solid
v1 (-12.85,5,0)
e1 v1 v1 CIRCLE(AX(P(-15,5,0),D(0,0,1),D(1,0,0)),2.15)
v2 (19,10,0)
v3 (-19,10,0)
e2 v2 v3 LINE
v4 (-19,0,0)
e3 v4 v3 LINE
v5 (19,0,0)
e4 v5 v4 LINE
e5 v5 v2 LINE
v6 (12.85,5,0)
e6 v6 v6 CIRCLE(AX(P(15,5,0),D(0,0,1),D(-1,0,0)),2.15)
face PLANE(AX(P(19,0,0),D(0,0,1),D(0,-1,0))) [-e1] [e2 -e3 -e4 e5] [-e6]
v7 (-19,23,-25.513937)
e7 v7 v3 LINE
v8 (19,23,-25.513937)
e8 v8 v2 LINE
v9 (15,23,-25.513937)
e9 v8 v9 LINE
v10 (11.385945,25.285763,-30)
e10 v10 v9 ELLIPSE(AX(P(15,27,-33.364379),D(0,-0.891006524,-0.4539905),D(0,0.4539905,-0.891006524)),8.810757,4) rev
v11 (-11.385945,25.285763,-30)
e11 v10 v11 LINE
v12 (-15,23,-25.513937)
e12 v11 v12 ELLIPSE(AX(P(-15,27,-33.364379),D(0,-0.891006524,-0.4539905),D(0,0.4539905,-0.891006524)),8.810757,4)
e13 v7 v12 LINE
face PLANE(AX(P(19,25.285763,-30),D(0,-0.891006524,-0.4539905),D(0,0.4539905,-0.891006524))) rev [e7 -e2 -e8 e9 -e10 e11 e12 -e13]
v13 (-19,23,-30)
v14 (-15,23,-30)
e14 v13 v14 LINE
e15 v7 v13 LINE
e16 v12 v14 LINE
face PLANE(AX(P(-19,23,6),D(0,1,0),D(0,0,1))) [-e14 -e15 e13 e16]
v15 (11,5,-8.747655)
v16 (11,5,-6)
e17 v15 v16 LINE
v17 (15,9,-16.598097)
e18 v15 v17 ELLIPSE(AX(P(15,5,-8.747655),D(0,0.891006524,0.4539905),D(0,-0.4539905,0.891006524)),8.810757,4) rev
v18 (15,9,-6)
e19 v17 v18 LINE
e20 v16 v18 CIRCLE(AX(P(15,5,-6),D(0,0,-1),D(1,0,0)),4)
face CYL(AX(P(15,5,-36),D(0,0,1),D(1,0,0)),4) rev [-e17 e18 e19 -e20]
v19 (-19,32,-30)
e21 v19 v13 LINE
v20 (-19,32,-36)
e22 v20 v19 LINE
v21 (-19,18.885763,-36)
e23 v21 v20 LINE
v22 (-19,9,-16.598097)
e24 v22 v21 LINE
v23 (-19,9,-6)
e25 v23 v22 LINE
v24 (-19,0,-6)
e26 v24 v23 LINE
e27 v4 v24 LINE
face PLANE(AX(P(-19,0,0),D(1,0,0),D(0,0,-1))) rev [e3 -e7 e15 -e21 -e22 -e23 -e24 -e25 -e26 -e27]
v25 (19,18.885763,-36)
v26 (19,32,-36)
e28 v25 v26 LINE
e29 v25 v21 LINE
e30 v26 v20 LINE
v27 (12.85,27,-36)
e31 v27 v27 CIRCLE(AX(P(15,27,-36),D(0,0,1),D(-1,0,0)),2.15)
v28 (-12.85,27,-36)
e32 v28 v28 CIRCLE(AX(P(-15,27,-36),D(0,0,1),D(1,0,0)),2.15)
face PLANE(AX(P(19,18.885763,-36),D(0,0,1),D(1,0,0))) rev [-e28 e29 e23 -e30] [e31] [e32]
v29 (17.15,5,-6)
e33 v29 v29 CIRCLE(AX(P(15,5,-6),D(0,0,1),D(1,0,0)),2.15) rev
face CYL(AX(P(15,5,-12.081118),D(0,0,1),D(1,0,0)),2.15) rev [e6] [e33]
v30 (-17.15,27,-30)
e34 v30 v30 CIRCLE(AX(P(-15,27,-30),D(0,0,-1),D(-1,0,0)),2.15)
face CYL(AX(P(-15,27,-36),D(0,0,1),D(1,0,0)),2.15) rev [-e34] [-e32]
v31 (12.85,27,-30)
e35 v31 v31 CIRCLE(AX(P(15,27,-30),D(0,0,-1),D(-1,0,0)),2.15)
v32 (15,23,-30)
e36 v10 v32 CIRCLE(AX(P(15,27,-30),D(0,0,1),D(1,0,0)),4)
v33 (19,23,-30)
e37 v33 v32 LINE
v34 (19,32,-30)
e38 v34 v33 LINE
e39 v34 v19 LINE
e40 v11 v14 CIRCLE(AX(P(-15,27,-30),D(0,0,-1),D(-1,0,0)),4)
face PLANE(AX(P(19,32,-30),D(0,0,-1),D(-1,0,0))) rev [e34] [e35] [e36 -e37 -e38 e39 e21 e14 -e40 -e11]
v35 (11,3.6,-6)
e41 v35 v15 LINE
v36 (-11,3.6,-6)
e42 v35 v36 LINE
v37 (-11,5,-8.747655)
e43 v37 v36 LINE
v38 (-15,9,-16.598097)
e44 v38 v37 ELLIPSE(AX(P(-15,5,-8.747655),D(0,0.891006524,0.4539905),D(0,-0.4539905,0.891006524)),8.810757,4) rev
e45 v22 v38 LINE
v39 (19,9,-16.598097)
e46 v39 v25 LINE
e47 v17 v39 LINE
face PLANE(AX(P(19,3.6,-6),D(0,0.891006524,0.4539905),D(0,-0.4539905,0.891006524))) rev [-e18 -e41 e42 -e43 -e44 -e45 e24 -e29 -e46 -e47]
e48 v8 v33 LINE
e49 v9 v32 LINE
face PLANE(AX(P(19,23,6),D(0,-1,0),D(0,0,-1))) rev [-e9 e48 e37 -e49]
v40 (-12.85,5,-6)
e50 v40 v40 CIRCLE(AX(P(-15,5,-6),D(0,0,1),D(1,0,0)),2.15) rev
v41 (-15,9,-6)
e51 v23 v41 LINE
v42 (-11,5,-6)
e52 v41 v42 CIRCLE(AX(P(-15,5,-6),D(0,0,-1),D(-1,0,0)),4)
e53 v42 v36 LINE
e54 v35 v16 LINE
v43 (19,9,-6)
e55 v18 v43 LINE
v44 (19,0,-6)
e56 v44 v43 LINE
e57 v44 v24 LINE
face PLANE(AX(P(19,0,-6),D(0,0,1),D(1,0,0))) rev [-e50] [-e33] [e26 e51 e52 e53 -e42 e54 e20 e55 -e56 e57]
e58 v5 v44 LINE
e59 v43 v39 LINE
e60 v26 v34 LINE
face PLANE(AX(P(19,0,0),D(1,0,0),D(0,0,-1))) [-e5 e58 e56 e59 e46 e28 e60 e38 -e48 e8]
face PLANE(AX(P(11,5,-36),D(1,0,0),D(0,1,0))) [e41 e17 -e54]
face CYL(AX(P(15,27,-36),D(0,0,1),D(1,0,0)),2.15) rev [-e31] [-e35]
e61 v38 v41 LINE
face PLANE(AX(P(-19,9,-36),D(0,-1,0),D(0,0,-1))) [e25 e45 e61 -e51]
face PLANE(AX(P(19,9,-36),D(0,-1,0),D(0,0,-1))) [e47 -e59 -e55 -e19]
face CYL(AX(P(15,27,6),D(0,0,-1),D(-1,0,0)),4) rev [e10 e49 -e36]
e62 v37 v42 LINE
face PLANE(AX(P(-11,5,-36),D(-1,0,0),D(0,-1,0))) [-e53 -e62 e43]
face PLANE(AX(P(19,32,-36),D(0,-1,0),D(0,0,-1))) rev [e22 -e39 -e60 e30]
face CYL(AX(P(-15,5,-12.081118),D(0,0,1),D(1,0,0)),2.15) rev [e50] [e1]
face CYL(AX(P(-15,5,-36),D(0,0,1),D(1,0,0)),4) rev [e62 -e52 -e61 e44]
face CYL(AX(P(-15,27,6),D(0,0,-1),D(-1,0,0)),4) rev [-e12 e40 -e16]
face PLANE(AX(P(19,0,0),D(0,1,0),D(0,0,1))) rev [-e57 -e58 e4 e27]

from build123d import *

# Parameters (mm, degrees)
BOSS_EXTRUDE1_DEPTH     = 19
CUT_EXTRUDE1_DEPTH      = 48.801673611
CUT_EXTRUDE1_DEPTH_BACK = 48.801673611
SKETCH5_R               = 2.15
SKETCH6_R               = 2.15
CUT_EXTRUDE2_DEPTH      = 6
CUT_EXTRUDE6_DEPTH      = 48.801673611
CUT_EXTRUDE7_DEPTH      = 36


with BuildPart() as part:
    # Sketch2 → Boss-Extrude1 (new, symmetric)
    with BuildSketch(Plane(origin=(0, 0, 0), x_dir=(0, 0, -1), z_dir=(1, 0, 0))):
        Polygon((0, 0), (6, 0), (6, 3.6), (36, 18.885763485), (36, 32), (30, 32), (30, 25.285763485), (0, 10), align=None)
    extrude(amount=BOSS_EXTRUDE1_DEPTH, both=True)

    # Sketch5 → Cut-Extrude1 (cut, two sides: drawn at the far end of the back side and taken through both)
    with BuildSketch(Plane.XY.offset(-30).offset(-CUT_EXTRUDE1_DEPTH_BACK)):
        with Locations((-15, 27)):
            Circle(SKETCH5_R)
        with Locations(Location((15, 27, 0), (0, 0, 307.125127623))):
            Circle(SKETCH5_R)
    extrude(amount=CUT_EXTRUDE1_DEPTH + CUT_EXTRUDE1_DEPTH_BACK, mode=Mode.SUBTRACT)

    # Sketch6 → Cut-Extrude2 (cut)
    with BuildSketch(Plane.XY):
        with Locations((-15, 5)):
            Circle(SKETCH6_R)
        with Locations(Location((15, 5, 0), (0, 0, 319.370671217))):
            Circle(SKETCH6_R)
    extrude(amount=-CUT_EXTRUDE2_DEPTH, mode=Mode.SUBTRACT)

    # Sketch9 → Cut-Extrude6 (cut, through all)
    with BuildSketch(Plane(origin=(0, 0, -6), x_dir=(-1, 0, 0), z_dir=(0, 0, -1))):
        with BuildLine():
            Line((-19, 0), (-19, 9))
            Line((-19, 9), (-15, 9))
            ThreePointArc((-15, 9), (-12.171572875, 7.828427125), (-11, 5))
            Line((-11, 5), (-11, 0))
            Line((-11, 0), (-19, 0))
        make_face()
        with BuildLine():
            Line((19, 0), (19, 9))
            Line((19, 9), (15, 9))
            ThreePointArc((15, 9), (12.171572875, 7.828427125), (11, 5))
            Line((11, 5), (11, 0))
            Line((11, 0), (19, 0))
        make_face()
    extrude(amount=CUT_EXTRUDE6_DEPTH, mode=Mode.SUBTRACT)

    # Sketch11 → Cut-Extrude7 (cut)
    with BuildSketch(Plane.XY.offset(-30)):
        with BuildLine():
            Line((11, 32), (19, 32))
            Line((19, 32), (19, 23))
            Line((19, 23), (15, 23))
            ThreePointArc((15, 23), (12.171572875, 24.171572875), (11, 27))
            Line((11, 27), (11, 32))
        make_face()
        with BuildLine():
            Line((-19, 23), (-15, 23))
            ThreePointArc((-15, 23), (-12.171572875, 24.171572875), (-11, 27))
            Line((-11, 27), (-11, 32))
            Line((-11, 32), (-19, 32))
            Line((-19, 32), (-19, 23))
        make_face()
    extrude(amount=CUT_EXTRUDE7_DEPTH, mode=Mode.SUBTRACT)


solid = part.part
